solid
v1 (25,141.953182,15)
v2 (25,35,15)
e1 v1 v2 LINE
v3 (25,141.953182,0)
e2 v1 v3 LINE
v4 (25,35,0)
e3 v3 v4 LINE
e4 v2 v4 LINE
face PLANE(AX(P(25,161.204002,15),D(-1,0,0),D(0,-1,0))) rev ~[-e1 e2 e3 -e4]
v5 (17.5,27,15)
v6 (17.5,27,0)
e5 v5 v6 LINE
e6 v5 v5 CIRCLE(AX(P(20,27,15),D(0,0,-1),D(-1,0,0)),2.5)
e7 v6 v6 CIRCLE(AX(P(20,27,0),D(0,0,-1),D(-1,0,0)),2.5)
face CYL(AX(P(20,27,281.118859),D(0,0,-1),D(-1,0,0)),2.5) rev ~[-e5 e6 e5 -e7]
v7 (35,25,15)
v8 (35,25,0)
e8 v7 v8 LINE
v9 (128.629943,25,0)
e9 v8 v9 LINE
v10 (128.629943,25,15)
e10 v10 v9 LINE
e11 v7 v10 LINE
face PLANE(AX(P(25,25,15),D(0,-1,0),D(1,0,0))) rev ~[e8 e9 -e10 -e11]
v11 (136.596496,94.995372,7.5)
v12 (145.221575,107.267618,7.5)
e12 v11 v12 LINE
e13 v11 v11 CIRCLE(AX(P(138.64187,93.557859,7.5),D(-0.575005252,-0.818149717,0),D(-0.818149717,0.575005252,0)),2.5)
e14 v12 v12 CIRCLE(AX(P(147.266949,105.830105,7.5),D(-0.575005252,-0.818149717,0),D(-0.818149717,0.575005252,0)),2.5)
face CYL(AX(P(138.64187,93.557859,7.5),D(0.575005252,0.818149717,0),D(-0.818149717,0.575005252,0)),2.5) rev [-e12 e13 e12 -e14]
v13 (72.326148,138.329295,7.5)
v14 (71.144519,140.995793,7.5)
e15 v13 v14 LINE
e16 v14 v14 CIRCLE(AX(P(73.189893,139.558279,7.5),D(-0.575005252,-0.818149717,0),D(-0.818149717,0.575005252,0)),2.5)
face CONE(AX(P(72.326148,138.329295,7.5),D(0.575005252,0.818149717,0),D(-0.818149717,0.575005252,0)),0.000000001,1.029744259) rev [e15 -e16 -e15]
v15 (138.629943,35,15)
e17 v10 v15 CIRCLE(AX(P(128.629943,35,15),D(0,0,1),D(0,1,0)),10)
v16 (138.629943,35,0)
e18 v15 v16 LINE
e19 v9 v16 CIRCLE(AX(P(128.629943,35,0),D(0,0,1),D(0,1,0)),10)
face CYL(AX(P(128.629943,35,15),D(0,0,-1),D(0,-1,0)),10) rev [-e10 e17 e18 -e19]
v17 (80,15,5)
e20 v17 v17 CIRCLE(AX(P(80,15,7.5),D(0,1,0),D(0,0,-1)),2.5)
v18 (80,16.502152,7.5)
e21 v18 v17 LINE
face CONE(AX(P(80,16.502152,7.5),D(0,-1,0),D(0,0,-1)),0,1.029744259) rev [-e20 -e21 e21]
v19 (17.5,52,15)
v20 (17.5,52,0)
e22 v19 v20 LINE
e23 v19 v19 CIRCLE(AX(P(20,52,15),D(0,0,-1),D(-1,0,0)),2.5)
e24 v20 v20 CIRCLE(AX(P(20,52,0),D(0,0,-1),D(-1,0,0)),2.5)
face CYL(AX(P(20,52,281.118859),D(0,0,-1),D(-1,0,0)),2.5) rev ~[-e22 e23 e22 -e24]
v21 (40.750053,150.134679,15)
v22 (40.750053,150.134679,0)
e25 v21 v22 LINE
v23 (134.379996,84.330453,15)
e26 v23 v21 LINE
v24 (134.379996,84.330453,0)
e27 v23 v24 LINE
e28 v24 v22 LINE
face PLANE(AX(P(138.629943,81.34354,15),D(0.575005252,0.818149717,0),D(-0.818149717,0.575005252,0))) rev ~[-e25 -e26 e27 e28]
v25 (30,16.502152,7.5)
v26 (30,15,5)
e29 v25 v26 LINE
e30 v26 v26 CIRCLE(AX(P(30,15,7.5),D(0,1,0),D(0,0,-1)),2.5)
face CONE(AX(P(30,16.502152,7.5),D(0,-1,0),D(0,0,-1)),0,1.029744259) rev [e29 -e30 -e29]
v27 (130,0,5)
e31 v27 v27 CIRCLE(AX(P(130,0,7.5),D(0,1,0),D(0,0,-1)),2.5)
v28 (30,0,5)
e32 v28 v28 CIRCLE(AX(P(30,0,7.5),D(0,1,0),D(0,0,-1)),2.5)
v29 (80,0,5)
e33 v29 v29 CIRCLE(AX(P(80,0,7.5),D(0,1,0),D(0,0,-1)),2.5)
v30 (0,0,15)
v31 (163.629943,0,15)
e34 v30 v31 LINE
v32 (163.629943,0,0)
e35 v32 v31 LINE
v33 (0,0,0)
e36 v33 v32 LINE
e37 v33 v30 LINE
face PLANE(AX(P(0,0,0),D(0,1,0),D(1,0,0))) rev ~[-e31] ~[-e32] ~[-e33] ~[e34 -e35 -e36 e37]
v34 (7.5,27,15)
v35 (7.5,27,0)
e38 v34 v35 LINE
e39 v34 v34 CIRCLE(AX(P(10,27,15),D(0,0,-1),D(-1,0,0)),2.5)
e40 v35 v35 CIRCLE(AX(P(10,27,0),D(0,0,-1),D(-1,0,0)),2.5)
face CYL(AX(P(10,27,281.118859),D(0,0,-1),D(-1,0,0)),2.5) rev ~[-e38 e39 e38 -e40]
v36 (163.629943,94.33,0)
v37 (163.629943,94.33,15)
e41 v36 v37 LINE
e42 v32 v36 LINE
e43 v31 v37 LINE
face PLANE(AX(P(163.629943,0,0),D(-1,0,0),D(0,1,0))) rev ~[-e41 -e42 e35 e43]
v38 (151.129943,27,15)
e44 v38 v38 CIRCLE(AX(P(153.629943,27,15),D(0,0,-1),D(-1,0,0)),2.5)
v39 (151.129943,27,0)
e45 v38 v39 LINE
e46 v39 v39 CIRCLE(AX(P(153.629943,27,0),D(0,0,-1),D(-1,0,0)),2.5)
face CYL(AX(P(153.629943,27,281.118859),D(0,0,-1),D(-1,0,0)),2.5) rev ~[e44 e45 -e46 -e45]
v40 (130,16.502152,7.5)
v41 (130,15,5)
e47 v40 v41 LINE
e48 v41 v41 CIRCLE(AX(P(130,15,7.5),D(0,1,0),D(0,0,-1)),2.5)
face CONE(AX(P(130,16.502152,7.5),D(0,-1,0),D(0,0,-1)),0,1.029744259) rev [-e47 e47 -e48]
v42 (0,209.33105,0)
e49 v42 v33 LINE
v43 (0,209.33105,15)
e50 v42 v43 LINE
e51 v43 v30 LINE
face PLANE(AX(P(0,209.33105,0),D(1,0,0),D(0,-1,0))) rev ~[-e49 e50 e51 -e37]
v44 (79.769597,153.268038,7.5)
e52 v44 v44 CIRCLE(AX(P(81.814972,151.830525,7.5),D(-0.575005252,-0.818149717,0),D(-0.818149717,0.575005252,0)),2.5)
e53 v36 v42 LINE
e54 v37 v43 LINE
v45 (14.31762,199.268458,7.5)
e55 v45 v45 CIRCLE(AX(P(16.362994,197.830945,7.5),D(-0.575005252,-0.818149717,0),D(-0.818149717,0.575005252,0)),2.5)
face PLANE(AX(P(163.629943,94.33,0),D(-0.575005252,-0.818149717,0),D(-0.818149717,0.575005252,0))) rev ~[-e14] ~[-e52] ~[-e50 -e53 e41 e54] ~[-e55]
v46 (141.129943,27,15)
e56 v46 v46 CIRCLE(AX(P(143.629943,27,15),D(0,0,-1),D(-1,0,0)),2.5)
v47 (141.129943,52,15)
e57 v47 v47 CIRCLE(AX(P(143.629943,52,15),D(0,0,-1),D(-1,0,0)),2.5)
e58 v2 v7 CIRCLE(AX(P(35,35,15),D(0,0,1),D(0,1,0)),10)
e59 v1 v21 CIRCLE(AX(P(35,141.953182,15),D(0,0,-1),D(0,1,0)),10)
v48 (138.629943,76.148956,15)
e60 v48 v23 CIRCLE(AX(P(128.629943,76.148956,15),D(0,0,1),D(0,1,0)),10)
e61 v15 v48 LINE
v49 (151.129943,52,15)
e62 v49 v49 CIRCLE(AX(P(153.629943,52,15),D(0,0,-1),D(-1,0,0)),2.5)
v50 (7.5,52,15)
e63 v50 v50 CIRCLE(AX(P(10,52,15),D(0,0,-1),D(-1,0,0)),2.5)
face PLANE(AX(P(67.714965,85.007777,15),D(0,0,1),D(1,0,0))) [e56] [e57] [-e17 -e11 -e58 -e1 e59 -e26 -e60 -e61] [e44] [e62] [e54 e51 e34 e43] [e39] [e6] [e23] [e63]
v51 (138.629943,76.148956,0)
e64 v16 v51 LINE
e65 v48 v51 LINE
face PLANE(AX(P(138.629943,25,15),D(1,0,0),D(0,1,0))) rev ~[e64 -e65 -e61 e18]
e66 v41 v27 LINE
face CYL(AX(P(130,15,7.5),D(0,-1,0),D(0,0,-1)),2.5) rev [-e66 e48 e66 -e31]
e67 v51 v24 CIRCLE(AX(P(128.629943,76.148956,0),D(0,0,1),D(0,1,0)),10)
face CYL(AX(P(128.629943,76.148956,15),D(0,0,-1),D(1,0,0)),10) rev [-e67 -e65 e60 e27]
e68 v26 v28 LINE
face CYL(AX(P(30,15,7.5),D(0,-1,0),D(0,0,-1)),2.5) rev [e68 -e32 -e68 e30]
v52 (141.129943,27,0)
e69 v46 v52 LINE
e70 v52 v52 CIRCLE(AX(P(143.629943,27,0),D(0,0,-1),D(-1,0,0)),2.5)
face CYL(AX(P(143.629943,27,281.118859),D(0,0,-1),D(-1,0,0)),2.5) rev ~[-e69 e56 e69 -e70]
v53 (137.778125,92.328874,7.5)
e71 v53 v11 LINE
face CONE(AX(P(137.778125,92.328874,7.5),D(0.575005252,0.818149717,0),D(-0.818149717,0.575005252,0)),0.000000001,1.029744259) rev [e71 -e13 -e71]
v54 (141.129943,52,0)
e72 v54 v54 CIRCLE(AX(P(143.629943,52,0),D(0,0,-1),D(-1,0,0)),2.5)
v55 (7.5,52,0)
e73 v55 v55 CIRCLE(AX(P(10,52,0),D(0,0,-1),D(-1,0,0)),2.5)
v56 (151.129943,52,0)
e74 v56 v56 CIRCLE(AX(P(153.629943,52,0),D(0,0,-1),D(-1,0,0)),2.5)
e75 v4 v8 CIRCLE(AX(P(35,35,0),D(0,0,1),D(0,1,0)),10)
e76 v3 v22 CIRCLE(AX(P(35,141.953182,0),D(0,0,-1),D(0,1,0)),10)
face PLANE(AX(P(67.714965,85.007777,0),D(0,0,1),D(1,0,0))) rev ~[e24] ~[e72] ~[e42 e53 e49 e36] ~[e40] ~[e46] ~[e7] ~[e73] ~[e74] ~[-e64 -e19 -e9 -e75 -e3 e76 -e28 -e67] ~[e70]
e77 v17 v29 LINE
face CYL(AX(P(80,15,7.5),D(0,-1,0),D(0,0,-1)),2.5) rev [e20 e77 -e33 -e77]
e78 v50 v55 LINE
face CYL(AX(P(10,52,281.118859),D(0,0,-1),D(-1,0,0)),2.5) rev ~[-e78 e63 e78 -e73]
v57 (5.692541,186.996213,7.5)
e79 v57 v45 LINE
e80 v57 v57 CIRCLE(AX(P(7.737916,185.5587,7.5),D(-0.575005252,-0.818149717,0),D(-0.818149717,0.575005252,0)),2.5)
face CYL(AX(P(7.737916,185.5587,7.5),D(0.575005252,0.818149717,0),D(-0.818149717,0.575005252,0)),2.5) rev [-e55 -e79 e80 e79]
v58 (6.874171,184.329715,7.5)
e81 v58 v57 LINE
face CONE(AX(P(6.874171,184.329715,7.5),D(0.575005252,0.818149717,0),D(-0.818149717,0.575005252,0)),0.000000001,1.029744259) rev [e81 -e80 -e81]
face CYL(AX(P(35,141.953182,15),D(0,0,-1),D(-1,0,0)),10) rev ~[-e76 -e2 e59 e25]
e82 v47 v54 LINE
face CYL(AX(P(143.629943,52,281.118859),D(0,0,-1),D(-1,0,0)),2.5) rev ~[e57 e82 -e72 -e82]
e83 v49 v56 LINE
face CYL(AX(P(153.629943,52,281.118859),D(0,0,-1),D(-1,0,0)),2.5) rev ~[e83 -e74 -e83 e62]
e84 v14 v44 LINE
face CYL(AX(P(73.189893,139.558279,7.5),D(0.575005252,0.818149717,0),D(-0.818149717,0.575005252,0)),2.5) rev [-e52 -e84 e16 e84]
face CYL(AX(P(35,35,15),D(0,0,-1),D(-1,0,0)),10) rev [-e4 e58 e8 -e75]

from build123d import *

# Parameters (mm, degrees)
EXTRUDE_1_DEPTH        = 15
CUT_EXTRUDE_1_DEPTH    = 267.118858915
FILLET_1_R             = 10
PATTERN_LINEAR_1_COUNT = 3
PATTERN_LINEAR_1_PITCH = 50
PATTERN_LINEAR_2_COUNT = 3
PATTERN_LINEAR_2_PITCH = 80
HOLE_WIZARD_M6_3_D     = 5


with BuildPart() as part:
    # 草图1 → 凸台-拉伸1 (new body)
    with BuildSketch(Plane.XY):
        Polygon((0, 0), (163.629943485, 0), (163.629943485, 94.33), (0, 209.331050409), align=None)
    extrude(amount=EXTRUDE_1_DEPTH)

    # 草图2 → 切除-拉伸1 (cut, through all)
    with BuildSketch(Plane.XY.offset(15)):
        Polygon((25, 161.2040017), (25, 25), (138.629943485, 25), (138.629943485, 81.343539854), align=None)
    extrude(amount=-CUT_EXTRUDE_1_DEPTH, mode=Mode.SUBTRACT)

    # 圆角1
    fillet_1_edges = [part.edges().sort_by_distance(p)[0] for p in [
        (25, 161.2040017, 7.5),
        (138.629943485, 81.343539854, 7.5),
        (138.629943485, 25, 7.5),
        (25, 25, 7.5),
    ]]
    fillet(fillet_1_edges, radius=FILLET_1_R)

    # 草图3 → M6 螺纹孔1 (revolve, cut)
    with BuildSketch(Plane(origin=(30, 0, 7.5), x_dir=(0, 0, -1), z_dir=(1, 0, 0))):
        Polygon((0, 0), (0, 16.502151548), (2.5, 15), (2.5, 0), align=None)
    hole_wizard_m6_1 = revolve(axis=Axis((30, -6.35, 7.5), (0, 1, 0)), mode=Mode.SUBTRACT)

    # 阵列(线性)1: M6 螺纹孔1 ×3
    with Locations(*[(i * PATTERN_LINEAR_1_PITCH, 0, 0) for i in range(1, PATTERN_LINEAR_1_COUNT)]):
        add(hole_wizard_m6_1, mode=Mode.SUBTRACT)

    # 草图5 → M6 螺纹孔2 (revolve, cut)
    with BuildSketch(Plane(origin=(147.266949137, 105.830105041, 7.5), x_dir=(-0.8181497174250246, 0.5750052520432769, 0), z_dir=(0, 0, 1))):
        Polygon((0, 0), (0, 16.502151548), (2.5, 15), (2.5, 0), align=None)
    hole_wizard_m6_2 = revolve(axis=Axis((150.918232487, 111.025355747, 7.5), (-0.5750052520432769, -0.8181497174250246, 0)), mode=Mode.SUBTRACT)

    # 阵列(线性)2: M6 螺纹孔2 ×3
    with Locations(*[Vector(-0.8181497174250245, 0.575005252043277, 0) * (i * PATTERN_LINEAR_2_PITCH) for i in range(1, PATTERN_LINEAR_2_COUNT)]):
        add(hole_wizard_m6_2, mode=Mode.SUBTRACT)

    # M6 螺纹孔3 (through all)
    with Locations(Plane.XY.offset(15)):
        with Locations((20, 27), (20, 52), (10, 52), (10, 27), (143.629943485, 52), (153.629943485, 52), (143.629943485, 27), (153.629943485, 27)):
            Hole(HOLE_WIZARD_M6_3_D / 2)


solid = part.part
